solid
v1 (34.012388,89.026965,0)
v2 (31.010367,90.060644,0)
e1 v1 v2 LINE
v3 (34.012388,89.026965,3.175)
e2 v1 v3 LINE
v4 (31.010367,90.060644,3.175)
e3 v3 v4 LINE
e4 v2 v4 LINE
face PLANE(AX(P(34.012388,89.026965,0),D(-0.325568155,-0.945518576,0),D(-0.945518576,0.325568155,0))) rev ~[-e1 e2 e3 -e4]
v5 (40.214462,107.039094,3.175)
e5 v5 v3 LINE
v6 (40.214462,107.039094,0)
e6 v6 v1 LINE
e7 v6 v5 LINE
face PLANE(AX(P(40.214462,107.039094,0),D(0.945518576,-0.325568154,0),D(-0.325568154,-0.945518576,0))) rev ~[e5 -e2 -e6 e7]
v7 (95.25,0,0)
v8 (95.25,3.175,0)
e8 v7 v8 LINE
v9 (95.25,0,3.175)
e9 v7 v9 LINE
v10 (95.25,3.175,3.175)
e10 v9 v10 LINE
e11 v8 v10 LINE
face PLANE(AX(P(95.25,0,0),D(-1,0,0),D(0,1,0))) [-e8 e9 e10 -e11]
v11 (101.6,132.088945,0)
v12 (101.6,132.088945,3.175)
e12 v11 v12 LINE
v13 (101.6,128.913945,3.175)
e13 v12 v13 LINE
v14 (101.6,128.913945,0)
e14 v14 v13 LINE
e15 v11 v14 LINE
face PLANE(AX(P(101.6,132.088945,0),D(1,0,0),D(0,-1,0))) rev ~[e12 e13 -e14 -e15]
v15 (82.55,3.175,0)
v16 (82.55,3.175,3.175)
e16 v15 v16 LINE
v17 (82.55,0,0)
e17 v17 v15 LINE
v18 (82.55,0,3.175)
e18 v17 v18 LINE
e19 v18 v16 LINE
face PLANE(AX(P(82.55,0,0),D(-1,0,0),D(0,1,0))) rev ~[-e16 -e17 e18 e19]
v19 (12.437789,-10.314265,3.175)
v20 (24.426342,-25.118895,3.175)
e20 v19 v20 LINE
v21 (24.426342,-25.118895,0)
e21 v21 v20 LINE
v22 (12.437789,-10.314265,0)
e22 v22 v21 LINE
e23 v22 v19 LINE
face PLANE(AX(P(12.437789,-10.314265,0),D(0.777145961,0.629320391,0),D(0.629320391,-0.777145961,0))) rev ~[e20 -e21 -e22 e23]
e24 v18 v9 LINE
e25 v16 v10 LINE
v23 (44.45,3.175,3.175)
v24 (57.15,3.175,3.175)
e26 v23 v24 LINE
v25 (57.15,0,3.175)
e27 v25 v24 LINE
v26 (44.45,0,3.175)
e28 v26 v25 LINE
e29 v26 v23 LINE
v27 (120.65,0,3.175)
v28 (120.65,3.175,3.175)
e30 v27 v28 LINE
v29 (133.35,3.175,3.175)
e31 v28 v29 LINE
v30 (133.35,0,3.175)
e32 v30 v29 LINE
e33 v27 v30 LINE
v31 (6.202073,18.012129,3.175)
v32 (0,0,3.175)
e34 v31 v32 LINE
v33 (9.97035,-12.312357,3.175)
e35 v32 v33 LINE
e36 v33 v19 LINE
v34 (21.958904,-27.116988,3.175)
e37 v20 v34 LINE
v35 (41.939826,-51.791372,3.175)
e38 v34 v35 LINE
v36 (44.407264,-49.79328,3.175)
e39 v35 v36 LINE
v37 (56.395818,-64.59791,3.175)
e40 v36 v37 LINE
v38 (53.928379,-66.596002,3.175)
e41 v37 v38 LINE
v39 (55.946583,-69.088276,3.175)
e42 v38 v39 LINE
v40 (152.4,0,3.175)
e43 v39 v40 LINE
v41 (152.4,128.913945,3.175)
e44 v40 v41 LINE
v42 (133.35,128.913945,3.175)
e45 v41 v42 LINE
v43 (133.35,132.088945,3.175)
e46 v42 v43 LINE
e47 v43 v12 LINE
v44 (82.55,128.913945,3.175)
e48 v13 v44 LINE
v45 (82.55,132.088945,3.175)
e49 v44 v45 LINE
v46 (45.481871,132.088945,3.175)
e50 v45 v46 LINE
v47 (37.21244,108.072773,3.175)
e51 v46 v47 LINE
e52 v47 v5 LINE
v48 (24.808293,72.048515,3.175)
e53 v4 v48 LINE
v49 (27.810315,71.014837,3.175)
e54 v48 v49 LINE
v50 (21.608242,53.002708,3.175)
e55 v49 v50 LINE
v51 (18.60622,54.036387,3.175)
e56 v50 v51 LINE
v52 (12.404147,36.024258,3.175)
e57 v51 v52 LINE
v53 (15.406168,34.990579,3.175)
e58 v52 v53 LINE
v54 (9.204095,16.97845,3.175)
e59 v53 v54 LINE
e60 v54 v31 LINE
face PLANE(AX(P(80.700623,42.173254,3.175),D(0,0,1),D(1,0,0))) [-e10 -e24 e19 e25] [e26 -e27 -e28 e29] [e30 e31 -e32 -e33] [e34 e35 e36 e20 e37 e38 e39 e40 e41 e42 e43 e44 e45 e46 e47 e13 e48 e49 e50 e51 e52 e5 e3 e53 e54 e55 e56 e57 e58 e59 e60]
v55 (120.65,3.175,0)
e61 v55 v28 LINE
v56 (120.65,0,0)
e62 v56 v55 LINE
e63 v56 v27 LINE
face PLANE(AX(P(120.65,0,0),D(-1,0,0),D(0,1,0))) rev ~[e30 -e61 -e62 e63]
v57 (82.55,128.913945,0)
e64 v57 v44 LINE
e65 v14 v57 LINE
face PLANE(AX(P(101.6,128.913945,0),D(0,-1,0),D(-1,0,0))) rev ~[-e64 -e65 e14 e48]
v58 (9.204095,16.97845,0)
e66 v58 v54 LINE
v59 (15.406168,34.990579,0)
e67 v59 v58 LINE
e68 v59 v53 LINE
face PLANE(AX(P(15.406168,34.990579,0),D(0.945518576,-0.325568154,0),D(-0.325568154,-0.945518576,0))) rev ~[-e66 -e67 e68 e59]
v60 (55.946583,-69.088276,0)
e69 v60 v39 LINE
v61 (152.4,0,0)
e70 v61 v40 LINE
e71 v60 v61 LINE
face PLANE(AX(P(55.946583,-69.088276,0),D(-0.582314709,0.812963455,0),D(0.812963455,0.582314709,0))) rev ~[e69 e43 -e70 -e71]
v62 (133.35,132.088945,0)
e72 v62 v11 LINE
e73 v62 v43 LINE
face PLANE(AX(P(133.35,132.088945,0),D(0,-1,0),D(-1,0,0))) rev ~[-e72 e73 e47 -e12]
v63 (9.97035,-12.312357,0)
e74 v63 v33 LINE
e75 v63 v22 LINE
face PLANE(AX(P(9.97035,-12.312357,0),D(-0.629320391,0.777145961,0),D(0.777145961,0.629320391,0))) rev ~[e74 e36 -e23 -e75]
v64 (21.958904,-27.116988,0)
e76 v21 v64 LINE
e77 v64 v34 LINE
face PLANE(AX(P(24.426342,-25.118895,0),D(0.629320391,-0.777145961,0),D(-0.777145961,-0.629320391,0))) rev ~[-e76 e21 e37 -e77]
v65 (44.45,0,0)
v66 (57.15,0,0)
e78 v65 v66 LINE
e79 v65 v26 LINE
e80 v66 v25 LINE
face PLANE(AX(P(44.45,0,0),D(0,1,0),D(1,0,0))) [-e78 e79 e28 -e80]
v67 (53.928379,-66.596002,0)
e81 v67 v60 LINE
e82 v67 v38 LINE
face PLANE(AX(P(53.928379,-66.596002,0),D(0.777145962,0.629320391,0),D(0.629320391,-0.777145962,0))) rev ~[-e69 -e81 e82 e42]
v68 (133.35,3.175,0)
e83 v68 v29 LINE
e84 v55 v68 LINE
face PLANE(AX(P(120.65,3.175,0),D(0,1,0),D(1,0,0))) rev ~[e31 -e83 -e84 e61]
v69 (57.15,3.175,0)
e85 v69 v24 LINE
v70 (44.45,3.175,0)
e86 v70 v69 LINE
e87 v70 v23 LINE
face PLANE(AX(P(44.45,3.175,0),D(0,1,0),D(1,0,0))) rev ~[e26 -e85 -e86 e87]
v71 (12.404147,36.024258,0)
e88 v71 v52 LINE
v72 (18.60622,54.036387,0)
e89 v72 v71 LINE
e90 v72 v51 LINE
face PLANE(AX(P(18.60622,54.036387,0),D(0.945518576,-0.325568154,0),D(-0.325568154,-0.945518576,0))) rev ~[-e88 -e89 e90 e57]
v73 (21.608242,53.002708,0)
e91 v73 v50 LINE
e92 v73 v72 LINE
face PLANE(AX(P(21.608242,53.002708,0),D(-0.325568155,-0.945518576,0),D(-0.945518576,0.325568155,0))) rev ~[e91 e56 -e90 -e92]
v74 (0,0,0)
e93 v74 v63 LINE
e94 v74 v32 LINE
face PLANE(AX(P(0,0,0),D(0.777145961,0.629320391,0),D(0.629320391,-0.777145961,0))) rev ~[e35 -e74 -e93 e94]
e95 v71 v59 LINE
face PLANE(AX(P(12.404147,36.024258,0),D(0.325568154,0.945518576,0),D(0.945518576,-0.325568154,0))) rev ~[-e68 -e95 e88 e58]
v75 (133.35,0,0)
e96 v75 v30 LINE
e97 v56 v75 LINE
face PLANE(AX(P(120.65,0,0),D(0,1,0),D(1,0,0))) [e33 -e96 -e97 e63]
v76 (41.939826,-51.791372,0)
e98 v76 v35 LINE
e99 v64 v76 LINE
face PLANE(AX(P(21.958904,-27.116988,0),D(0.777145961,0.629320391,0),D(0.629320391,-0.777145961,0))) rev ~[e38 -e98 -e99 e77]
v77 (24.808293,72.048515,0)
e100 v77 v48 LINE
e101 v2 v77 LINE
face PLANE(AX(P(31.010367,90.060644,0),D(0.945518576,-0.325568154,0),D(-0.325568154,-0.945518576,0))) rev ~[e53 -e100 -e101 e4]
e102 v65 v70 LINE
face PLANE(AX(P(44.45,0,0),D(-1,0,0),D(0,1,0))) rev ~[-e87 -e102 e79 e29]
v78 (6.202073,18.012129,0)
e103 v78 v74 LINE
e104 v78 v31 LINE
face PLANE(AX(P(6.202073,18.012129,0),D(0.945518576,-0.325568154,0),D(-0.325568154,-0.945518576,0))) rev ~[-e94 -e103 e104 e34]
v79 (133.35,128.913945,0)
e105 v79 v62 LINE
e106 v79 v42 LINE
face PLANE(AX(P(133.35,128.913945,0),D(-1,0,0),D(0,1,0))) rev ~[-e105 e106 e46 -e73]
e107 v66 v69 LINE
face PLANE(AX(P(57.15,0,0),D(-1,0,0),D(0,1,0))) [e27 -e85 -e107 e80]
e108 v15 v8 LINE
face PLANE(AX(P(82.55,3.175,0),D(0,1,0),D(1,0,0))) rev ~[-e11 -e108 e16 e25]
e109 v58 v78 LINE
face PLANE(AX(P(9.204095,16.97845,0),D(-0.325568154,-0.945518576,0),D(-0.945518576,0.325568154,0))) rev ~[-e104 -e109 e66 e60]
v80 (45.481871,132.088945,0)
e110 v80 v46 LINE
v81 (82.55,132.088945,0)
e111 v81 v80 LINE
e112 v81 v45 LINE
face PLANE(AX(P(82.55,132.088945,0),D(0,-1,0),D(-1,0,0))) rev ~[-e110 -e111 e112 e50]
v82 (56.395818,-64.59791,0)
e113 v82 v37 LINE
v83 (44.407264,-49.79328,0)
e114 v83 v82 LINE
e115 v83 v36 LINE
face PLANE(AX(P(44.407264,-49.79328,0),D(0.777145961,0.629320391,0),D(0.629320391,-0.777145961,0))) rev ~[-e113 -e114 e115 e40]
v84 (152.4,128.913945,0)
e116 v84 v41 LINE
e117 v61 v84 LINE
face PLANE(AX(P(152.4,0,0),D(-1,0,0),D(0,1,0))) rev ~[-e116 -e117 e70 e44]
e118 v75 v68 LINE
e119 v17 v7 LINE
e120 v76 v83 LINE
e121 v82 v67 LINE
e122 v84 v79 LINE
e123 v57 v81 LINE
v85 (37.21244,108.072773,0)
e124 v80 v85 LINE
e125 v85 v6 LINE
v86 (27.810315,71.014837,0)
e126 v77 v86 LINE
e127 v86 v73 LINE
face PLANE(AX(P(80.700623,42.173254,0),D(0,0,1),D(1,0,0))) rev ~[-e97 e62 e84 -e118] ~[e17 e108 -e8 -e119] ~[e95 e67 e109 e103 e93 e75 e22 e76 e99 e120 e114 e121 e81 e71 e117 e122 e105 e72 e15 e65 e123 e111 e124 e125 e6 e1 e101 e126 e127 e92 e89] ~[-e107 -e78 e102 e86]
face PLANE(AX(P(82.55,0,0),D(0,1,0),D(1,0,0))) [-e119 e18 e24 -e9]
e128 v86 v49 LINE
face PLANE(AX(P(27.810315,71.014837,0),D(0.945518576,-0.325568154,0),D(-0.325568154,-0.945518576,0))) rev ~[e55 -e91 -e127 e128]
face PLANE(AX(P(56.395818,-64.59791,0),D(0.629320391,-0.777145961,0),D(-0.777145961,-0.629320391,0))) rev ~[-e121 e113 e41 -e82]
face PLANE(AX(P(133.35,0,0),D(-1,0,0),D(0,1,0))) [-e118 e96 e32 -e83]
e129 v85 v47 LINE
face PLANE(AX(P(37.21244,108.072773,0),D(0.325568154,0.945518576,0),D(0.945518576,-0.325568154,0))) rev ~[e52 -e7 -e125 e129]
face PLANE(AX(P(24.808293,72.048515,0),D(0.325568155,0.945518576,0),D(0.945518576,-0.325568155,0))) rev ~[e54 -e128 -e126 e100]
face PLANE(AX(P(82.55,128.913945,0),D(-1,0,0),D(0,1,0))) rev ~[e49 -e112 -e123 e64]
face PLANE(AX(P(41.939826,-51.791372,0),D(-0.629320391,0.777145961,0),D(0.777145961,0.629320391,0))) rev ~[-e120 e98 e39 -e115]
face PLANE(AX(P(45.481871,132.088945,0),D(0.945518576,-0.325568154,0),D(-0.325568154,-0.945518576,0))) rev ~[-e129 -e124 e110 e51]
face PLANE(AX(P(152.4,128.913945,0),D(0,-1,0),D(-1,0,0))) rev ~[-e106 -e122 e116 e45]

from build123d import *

# Parameters (mm, degrees)
SKETCH1_W           = 12.7
SKETCH1_H           = 3.175
BOSS_EXTRUDE1_DEPTH = 3.175


with BuildPart() as part:
    # Sketch1 → Boss-Extrude1 (new body)
    with BuildSketch(Plane.XY):
        Polygon((152.4, 0), (152.4, 128.913945011), (133.35, 128.913945011), (133.35, 132.088945011), (101.6, 132.088945011), (101.6, 128.913945011), (82.55, 128.913945011), (82.55, 132.088945011), (45.481871178, 132.088945011), (37.212440054, 108.072773191), (40.214461532, 107.039094301), (34.01238819, 89.026965435), (31.010366712, 90.060644326), (24.80829337, 72.048515461), (27.810314847, 71.01483657), (21.608241505, 53.002707705), (18.606220027, 54.036386596), (12.404146685, 36.02425773), (15.406168162, 34.99057884), (9.20409482, 16.978449975), (6.202073342, 18.012128865), (0, 0), (9.97035014, -12.312357038), (12.437788568, -10.314264796), (24.426342017, -25.118895362), (21.95890359, -27.116987604), (41.939826006, -51.79137188), (44.407264433, -49.793279638), (56.395817883, -64.597910204), (53.928379455, -66.596002446), (55.946582764, -69.088275974), align=None)
        with Locations((88.9, 1.5875)):
            Rectangle(SKETCH1_W, SKETCH1_H, mode=Mode.SUBTRACT)
        with Locations((127, 1.5875)):
            Rectangle(SKETCH1_W, SKETCH1_H, mode=Mode.SUBTRACT)
        with Locations((50.8, 1.5875)):
            Rectangle(SKETCH1_W, SKETCH1_H, mode=Mode.SUBTRACT)
    extrude(amount=BOSS_EXTRUDE1_DEPTH)


solid = part.part
